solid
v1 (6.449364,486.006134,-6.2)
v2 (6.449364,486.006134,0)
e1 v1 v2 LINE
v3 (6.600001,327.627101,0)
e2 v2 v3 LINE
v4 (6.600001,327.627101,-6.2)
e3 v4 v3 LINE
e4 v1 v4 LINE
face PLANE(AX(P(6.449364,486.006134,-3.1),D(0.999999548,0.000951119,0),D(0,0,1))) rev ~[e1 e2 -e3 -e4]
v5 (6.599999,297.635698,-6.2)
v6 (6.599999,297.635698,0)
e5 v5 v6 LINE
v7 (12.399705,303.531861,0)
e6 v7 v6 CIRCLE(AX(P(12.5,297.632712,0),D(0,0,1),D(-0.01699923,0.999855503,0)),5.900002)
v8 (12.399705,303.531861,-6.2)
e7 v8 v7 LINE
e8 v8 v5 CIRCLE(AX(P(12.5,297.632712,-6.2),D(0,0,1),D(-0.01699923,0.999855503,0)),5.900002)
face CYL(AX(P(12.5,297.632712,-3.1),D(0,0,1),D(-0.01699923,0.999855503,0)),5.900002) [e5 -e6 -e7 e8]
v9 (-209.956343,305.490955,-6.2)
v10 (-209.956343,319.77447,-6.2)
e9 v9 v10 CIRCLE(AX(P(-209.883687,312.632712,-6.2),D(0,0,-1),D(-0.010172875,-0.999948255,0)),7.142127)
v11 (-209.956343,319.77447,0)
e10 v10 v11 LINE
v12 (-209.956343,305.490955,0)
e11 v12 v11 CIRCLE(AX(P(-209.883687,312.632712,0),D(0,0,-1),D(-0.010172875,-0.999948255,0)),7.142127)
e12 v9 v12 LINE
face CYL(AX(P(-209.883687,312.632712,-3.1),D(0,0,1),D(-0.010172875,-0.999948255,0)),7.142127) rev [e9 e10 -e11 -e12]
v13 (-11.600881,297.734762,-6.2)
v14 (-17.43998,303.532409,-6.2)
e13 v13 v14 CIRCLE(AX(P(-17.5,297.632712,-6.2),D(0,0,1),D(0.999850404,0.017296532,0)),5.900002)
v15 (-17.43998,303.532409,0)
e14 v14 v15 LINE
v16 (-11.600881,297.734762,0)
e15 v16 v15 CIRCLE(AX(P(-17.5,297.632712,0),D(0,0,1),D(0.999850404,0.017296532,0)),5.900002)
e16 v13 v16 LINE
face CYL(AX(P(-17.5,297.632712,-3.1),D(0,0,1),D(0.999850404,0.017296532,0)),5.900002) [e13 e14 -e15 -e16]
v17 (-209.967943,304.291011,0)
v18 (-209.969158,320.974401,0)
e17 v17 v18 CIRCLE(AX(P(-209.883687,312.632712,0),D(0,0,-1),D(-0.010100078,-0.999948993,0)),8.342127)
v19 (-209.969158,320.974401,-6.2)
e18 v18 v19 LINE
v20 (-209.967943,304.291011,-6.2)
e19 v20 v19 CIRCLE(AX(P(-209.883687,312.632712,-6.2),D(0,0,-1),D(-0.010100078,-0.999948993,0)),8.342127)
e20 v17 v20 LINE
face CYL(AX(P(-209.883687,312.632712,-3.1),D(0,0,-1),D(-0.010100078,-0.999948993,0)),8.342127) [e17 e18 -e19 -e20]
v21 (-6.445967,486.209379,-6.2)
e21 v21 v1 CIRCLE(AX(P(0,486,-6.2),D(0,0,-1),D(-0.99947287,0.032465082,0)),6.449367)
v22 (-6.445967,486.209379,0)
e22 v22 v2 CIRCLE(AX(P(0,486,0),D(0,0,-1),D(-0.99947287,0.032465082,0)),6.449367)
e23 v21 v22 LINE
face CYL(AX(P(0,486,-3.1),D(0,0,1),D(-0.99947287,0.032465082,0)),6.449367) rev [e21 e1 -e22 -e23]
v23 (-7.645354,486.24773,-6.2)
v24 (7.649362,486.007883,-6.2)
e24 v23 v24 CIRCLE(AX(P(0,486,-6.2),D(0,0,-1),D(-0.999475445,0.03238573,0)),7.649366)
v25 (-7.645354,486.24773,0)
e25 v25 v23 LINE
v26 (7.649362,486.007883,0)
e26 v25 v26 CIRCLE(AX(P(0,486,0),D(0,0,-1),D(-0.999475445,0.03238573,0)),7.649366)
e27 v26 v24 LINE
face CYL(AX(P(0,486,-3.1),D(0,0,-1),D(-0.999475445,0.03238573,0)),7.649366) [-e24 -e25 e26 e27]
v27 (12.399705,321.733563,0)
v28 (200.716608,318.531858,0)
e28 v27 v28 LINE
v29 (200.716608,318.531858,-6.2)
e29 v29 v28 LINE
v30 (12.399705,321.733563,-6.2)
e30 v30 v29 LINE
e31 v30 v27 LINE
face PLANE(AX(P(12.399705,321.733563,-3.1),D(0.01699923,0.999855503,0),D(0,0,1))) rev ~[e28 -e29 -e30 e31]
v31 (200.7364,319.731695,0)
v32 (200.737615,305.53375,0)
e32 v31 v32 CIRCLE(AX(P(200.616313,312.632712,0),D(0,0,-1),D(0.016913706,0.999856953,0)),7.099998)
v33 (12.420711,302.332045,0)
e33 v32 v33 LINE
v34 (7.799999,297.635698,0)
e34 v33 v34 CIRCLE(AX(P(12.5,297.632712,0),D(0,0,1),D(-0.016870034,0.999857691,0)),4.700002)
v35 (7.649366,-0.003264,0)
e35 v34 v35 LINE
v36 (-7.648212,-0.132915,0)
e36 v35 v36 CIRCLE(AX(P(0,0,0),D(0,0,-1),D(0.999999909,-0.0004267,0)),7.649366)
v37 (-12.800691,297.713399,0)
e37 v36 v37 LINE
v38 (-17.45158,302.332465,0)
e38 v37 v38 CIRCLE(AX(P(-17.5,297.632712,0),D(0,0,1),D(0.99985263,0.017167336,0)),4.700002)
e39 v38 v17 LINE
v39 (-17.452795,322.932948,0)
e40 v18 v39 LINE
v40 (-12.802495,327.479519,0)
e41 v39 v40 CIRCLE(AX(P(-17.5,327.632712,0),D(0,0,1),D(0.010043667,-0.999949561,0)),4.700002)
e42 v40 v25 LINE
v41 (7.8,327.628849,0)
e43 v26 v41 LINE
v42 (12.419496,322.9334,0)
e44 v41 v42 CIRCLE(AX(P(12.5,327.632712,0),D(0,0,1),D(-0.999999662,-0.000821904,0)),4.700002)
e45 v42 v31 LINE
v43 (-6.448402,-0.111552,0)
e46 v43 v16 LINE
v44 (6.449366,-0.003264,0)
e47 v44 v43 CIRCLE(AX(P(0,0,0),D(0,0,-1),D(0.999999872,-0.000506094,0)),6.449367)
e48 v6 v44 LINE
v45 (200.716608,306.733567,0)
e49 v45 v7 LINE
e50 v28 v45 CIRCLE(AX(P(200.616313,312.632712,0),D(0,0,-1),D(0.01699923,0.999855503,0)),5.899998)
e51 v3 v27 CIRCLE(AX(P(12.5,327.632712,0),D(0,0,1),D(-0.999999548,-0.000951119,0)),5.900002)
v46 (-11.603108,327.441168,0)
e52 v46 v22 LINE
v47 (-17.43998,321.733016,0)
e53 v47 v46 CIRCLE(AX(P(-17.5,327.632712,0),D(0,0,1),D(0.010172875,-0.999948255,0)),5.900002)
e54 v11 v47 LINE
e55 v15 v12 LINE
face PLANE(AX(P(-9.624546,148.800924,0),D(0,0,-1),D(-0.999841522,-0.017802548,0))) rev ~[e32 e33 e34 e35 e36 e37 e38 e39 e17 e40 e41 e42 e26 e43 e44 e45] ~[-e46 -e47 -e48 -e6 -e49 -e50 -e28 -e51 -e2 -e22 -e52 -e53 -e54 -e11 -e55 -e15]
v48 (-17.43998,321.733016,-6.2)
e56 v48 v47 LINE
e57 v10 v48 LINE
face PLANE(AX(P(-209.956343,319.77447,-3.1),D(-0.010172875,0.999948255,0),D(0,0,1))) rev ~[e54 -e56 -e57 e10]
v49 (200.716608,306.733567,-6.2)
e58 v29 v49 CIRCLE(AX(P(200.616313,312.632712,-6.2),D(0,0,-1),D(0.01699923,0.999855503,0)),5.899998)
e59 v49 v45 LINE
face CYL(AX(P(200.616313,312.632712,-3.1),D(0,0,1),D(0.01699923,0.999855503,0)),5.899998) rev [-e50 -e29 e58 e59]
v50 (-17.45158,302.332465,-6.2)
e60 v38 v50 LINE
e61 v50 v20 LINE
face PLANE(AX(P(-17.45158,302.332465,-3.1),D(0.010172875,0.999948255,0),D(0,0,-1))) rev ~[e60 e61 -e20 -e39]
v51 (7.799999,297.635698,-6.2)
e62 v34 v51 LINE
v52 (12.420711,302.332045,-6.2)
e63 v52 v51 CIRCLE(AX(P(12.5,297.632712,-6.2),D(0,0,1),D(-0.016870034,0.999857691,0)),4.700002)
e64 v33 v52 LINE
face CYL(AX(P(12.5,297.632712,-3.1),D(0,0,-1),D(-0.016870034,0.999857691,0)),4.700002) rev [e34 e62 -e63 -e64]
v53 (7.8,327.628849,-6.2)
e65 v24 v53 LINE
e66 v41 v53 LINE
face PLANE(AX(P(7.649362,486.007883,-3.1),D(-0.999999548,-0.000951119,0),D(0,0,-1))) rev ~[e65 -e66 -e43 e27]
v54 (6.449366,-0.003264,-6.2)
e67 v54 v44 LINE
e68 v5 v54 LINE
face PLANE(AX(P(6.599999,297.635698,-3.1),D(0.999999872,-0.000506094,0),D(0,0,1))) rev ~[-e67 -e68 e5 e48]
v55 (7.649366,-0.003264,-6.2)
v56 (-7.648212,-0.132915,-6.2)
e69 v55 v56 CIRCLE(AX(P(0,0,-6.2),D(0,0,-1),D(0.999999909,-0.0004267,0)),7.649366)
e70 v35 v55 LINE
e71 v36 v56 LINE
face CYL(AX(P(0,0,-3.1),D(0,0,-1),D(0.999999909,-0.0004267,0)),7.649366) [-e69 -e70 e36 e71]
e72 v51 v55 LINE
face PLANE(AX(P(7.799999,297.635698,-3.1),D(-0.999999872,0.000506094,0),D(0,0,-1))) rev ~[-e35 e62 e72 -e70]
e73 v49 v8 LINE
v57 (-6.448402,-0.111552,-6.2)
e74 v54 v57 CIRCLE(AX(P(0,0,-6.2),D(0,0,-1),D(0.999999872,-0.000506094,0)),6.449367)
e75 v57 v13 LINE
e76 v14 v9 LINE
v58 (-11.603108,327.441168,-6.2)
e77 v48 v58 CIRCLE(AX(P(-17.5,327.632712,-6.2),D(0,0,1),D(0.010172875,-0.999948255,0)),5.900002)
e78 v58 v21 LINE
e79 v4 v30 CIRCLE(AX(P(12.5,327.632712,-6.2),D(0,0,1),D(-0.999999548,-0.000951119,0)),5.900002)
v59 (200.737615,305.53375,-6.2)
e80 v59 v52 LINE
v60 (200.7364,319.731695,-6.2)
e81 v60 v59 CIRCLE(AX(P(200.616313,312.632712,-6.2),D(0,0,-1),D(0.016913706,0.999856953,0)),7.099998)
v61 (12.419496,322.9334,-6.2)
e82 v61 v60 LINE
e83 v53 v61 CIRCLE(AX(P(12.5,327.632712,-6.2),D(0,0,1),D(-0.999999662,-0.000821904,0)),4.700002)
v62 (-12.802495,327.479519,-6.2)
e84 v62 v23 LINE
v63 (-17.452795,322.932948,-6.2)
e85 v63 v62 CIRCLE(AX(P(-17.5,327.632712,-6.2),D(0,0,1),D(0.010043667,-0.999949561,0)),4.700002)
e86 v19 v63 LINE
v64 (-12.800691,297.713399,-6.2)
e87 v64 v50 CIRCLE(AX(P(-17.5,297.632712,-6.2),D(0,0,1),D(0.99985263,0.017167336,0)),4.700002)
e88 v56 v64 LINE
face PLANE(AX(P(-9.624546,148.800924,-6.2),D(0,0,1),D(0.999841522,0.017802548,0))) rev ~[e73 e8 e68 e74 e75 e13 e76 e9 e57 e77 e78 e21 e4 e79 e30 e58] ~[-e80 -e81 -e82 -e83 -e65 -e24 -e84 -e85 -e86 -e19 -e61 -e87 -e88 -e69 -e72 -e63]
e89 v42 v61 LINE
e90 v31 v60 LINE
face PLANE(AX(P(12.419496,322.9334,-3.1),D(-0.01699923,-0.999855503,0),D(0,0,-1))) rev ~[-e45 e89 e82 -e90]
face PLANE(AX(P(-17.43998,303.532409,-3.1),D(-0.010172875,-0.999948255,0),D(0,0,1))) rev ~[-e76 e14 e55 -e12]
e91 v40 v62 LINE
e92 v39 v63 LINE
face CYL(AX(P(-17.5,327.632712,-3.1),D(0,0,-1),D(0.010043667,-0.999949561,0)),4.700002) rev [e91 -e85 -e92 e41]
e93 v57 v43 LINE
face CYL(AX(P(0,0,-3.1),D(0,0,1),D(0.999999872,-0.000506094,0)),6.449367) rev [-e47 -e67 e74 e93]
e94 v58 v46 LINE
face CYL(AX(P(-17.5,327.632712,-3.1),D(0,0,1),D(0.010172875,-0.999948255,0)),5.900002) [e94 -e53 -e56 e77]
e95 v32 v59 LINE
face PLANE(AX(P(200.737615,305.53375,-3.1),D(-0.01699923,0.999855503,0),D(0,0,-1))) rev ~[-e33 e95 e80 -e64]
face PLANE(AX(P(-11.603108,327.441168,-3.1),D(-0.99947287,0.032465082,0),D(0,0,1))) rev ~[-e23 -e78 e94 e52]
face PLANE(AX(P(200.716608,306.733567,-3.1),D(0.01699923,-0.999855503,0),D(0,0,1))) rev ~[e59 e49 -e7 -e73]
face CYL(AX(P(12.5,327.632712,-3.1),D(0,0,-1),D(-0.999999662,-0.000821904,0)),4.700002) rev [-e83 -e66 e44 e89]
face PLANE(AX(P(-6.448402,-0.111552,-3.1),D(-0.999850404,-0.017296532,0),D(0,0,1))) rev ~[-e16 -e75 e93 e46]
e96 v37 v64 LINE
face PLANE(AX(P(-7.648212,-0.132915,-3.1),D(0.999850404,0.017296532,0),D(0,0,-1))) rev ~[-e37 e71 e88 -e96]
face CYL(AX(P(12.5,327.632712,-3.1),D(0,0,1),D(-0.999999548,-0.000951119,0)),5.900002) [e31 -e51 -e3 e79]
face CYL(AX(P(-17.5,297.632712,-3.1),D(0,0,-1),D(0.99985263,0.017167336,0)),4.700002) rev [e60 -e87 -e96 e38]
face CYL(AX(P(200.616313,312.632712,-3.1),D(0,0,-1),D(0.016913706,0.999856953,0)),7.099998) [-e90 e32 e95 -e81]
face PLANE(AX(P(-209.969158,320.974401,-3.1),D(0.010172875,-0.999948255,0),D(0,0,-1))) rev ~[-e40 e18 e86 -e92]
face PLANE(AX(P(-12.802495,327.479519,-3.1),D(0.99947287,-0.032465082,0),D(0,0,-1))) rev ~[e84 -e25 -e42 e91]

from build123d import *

# Parameters (mm, degrees)
SKETCH3_W = 1.2
SKETCH3_H = 6.2


with BuildPart() as part:
    # Sweep1: sweep along a path in Sketch2
    with BuildLine(Plane.XY) as sweep1_path:
        Line((-6.448403422, -0.111551706), (-11.600882618, 297.734761881))
        ThreePointArc((-11.600882618, 297.734761881), (-13.342957561, 301.819476981), (-17.439980035, 303.532407044))
        Line((-17.439980035, 303.532407044), (-209.956343171, 305.490953375))
        ThreePointArc((-209.956343171, 305.490953375), (-217.025815722, 312.63271234), (-209.956343171, 319.774471304))
        Line((-209.956343171, 319.774471304), (-17.439980035, 321.733017635))
        ThreePointArc((-17.439980035, 321.733017635), (-13.374840603, 323.414530272), (-11.603110065, 327.441168355))
        Line((-11.603110065, 327.441168355), (-6.445968569, 486.209379269))
        ThreePointArc((-6.445968569, 486.209379269), (0.101636768, 492.448567317), (6.449365306, 486.006134116))
        Line((6.449365306, 486.006134116), (6.600002669, 327.627100738))
        ThreePointArc((6.600002669, 327.627100738), (8.294727162, 323.494393797), (12.399704541, 321.733564874))
        Line((12.399704541, 321.733564874), (200.716608272, 318.531859805))
        ThreePointArc((200.716608272, 318.531859805), (206.516312813, 312.63271234), (200.716608272, 306.733564874))
        Line((200.716608272, 306.733564874), (12.399704541, 303.531859805))
        ThreePointArc((12.399704541, 303.531859805), (8.293806439, 301.770095054), (6.600000756, 297.635698295))
        Line((6.600000756, 297.635698295), (6.449367397, -0.003263988))
        ThreePointArc((6.449367397, -0.003263988), (0.054146005, -6.449140926), (-6.448403422, -0.111551706))
    # Sketch3 → Sweep1 (sweep)
    with BuildSketch(Plane(origin=(0, 0, 0), x_dir=(1, 0, 0), z_dir=(0, 1, 0))):
        with Locations((7.049367397, 3.1)):
            Rectangle(SKETCH3_W, SKETCH3_H)
    sweep(path=sweep1_path.line)


solid = part.part
